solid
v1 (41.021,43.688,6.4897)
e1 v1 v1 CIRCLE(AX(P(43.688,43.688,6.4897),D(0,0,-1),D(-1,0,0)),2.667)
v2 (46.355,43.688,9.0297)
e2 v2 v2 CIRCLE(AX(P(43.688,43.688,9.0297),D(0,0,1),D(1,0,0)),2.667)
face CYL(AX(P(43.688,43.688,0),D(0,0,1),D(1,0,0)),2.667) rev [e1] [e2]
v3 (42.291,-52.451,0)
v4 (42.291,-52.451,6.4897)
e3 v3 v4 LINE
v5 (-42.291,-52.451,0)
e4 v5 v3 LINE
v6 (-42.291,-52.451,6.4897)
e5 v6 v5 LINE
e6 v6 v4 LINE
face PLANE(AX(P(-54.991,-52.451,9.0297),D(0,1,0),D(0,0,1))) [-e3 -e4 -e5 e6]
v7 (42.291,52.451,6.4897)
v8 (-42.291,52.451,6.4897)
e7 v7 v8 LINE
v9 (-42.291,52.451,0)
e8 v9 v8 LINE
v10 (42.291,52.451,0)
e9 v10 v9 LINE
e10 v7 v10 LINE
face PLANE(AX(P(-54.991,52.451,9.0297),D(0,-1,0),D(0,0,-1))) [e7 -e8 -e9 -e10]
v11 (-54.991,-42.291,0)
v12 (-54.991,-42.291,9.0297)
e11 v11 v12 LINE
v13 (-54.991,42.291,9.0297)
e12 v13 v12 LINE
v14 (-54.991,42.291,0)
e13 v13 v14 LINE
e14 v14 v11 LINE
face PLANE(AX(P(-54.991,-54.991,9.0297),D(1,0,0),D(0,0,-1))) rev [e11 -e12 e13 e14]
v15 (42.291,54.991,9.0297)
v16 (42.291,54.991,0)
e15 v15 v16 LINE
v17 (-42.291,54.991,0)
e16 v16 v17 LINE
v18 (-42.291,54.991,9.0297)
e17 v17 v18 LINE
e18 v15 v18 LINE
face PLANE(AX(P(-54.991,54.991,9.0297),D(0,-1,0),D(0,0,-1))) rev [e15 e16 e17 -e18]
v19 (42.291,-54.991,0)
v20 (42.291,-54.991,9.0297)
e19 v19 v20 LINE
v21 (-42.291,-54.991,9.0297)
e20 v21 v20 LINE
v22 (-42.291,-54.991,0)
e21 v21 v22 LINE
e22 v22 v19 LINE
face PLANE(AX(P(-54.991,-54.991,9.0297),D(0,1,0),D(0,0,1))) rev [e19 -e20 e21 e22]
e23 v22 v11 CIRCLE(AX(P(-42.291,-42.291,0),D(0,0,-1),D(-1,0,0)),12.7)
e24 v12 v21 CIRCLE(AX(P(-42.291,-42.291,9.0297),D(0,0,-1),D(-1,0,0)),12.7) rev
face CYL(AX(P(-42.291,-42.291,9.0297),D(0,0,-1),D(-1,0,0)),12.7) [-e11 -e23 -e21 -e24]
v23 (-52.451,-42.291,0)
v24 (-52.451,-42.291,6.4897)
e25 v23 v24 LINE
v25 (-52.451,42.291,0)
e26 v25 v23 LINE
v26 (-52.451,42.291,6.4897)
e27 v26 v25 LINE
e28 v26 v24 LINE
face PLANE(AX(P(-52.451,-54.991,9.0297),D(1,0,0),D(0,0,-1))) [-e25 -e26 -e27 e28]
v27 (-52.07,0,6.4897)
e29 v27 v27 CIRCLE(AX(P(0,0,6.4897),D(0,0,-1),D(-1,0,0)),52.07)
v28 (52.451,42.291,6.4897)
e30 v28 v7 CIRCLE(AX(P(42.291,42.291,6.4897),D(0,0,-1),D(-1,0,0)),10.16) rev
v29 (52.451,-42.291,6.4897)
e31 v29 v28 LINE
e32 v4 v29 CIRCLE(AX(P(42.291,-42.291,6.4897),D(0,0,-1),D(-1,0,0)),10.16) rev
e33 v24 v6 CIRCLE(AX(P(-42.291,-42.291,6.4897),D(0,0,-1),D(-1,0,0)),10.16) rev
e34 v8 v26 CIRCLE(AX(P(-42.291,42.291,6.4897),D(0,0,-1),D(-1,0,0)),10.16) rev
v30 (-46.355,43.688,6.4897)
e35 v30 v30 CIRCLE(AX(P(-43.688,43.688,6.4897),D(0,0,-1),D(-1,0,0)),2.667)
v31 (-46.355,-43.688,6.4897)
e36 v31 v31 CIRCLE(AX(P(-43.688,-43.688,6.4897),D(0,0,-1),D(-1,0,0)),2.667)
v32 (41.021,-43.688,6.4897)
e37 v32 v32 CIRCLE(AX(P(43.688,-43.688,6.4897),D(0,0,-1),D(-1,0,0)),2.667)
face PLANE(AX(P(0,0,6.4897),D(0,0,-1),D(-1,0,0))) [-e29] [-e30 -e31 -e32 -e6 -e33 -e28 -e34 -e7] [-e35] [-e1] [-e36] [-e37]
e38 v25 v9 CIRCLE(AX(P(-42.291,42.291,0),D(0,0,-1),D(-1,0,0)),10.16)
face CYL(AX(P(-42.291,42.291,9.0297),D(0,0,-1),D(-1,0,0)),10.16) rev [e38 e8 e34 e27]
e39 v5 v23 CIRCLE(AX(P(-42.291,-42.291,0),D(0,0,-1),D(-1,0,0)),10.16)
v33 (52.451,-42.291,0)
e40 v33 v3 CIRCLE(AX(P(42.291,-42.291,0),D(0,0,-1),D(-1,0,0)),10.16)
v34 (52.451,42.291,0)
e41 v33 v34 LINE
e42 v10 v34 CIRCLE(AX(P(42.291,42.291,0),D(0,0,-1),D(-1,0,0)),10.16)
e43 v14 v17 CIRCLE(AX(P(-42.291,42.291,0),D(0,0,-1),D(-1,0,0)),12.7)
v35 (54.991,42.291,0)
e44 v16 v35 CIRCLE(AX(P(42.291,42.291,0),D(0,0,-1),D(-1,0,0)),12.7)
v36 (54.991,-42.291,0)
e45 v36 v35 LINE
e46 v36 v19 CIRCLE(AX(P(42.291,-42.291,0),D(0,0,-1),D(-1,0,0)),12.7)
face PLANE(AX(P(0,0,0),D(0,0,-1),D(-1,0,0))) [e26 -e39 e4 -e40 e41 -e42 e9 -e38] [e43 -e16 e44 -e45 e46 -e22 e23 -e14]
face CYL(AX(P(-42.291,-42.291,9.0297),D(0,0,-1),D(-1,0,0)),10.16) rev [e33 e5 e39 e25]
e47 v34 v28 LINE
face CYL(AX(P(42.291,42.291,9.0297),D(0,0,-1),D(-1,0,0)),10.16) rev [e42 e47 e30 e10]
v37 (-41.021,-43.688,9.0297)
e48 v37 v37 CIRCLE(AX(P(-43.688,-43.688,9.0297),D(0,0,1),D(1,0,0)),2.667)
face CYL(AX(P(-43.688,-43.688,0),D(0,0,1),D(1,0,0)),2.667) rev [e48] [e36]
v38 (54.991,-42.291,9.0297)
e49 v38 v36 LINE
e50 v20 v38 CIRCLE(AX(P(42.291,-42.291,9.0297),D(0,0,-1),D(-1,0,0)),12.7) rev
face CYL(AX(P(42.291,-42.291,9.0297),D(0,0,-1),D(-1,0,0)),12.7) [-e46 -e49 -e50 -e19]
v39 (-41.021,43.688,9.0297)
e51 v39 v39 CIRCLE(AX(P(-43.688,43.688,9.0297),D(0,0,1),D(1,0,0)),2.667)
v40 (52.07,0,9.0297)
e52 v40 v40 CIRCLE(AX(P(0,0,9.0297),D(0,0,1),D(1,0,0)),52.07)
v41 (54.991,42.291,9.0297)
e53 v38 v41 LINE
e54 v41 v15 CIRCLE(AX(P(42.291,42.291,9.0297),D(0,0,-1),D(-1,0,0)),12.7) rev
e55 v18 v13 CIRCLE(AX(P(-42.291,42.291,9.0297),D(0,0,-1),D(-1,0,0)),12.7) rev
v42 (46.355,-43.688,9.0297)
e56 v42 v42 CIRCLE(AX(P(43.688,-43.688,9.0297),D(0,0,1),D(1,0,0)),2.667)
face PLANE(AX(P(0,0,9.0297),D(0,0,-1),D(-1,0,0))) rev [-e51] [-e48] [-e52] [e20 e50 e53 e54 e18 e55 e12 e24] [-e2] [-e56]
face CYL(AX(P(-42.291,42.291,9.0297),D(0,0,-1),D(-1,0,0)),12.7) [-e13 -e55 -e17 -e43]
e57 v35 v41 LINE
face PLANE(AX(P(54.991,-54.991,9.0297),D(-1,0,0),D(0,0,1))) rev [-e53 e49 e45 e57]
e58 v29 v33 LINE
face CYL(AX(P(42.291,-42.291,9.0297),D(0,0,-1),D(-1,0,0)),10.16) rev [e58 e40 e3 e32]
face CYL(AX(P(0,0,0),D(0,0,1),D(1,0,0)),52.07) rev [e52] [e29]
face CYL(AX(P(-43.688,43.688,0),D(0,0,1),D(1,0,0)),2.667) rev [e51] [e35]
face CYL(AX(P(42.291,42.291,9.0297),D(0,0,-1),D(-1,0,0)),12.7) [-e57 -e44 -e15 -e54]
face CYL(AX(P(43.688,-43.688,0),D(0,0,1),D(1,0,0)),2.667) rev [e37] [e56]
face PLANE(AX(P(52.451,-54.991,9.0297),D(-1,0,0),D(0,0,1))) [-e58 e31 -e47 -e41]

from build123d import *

# Parameters (mm, degrees)
SKETCH1_W           = 109.982
SKETCH1_H           = 109.982
BOSS_EXTRUDE1_DEPTH = 9.0297
FILLET1_R           = 12.7
SHELL1_T            = -2.54
SKETCH2_R           = 52.07
SKETCH2_R_2         = 2.667
CUT_EXTRUDE1_DEPTH  = 79.291478745


with BuildPart() as part:
    # Sketch1 → Boss-Extrude1 (new body)
    with BuildSketch(Plane.XY):
        Rectangle(SKETCH1_W, SKETCH1_H)
    extrude(amount=BOSS_EXTRUDE1_DEPTH)

    # Fillet1
    fillet1_edges = [part.edges().sort_by_distance(p)[0] for p in [
        (54.991, -54.991, 4.51485),
        (-54.991, -54.991, 4.51485),
        (-54.991, 54.991, 4.51485),
        (54.991, 54.991, 4.51485),
    ]]
    fillet(fillet1_edges, radius=FILLET1_R)

    # Shell1
    shell1_openings = [part.faces().sort_by_distance(p)[0] for p in [
        (0, 0, 0),
    ]]
    offset(amount=SHELL1_T, openings=shell1_openings, kind=Kind.INTERSECTION)

    # Sketch2 → Cut-Extrude1 (cut, through all)
    with BuildSketch(Plane.XY.offset(9.0297)):
        Circle(SKETCH2_R)
        with Locations((43.688, 43.688)):
            Circle(SKETCH2_R_2)
        with Locations((-43.688, 43.688)):
            Circle(SKETCH2_R_2)
        with Locations((-43.688, -43.688)):
            Circle(SKETCH2_R_2)
        with Locations((43.688, -43.688)):
            Circle(SKETCH2_R_2)
    extrude(amount=-CUT_EXTRUDE1_DEPTH, mode=Mode.SUBTRACT)


solid = part.part
